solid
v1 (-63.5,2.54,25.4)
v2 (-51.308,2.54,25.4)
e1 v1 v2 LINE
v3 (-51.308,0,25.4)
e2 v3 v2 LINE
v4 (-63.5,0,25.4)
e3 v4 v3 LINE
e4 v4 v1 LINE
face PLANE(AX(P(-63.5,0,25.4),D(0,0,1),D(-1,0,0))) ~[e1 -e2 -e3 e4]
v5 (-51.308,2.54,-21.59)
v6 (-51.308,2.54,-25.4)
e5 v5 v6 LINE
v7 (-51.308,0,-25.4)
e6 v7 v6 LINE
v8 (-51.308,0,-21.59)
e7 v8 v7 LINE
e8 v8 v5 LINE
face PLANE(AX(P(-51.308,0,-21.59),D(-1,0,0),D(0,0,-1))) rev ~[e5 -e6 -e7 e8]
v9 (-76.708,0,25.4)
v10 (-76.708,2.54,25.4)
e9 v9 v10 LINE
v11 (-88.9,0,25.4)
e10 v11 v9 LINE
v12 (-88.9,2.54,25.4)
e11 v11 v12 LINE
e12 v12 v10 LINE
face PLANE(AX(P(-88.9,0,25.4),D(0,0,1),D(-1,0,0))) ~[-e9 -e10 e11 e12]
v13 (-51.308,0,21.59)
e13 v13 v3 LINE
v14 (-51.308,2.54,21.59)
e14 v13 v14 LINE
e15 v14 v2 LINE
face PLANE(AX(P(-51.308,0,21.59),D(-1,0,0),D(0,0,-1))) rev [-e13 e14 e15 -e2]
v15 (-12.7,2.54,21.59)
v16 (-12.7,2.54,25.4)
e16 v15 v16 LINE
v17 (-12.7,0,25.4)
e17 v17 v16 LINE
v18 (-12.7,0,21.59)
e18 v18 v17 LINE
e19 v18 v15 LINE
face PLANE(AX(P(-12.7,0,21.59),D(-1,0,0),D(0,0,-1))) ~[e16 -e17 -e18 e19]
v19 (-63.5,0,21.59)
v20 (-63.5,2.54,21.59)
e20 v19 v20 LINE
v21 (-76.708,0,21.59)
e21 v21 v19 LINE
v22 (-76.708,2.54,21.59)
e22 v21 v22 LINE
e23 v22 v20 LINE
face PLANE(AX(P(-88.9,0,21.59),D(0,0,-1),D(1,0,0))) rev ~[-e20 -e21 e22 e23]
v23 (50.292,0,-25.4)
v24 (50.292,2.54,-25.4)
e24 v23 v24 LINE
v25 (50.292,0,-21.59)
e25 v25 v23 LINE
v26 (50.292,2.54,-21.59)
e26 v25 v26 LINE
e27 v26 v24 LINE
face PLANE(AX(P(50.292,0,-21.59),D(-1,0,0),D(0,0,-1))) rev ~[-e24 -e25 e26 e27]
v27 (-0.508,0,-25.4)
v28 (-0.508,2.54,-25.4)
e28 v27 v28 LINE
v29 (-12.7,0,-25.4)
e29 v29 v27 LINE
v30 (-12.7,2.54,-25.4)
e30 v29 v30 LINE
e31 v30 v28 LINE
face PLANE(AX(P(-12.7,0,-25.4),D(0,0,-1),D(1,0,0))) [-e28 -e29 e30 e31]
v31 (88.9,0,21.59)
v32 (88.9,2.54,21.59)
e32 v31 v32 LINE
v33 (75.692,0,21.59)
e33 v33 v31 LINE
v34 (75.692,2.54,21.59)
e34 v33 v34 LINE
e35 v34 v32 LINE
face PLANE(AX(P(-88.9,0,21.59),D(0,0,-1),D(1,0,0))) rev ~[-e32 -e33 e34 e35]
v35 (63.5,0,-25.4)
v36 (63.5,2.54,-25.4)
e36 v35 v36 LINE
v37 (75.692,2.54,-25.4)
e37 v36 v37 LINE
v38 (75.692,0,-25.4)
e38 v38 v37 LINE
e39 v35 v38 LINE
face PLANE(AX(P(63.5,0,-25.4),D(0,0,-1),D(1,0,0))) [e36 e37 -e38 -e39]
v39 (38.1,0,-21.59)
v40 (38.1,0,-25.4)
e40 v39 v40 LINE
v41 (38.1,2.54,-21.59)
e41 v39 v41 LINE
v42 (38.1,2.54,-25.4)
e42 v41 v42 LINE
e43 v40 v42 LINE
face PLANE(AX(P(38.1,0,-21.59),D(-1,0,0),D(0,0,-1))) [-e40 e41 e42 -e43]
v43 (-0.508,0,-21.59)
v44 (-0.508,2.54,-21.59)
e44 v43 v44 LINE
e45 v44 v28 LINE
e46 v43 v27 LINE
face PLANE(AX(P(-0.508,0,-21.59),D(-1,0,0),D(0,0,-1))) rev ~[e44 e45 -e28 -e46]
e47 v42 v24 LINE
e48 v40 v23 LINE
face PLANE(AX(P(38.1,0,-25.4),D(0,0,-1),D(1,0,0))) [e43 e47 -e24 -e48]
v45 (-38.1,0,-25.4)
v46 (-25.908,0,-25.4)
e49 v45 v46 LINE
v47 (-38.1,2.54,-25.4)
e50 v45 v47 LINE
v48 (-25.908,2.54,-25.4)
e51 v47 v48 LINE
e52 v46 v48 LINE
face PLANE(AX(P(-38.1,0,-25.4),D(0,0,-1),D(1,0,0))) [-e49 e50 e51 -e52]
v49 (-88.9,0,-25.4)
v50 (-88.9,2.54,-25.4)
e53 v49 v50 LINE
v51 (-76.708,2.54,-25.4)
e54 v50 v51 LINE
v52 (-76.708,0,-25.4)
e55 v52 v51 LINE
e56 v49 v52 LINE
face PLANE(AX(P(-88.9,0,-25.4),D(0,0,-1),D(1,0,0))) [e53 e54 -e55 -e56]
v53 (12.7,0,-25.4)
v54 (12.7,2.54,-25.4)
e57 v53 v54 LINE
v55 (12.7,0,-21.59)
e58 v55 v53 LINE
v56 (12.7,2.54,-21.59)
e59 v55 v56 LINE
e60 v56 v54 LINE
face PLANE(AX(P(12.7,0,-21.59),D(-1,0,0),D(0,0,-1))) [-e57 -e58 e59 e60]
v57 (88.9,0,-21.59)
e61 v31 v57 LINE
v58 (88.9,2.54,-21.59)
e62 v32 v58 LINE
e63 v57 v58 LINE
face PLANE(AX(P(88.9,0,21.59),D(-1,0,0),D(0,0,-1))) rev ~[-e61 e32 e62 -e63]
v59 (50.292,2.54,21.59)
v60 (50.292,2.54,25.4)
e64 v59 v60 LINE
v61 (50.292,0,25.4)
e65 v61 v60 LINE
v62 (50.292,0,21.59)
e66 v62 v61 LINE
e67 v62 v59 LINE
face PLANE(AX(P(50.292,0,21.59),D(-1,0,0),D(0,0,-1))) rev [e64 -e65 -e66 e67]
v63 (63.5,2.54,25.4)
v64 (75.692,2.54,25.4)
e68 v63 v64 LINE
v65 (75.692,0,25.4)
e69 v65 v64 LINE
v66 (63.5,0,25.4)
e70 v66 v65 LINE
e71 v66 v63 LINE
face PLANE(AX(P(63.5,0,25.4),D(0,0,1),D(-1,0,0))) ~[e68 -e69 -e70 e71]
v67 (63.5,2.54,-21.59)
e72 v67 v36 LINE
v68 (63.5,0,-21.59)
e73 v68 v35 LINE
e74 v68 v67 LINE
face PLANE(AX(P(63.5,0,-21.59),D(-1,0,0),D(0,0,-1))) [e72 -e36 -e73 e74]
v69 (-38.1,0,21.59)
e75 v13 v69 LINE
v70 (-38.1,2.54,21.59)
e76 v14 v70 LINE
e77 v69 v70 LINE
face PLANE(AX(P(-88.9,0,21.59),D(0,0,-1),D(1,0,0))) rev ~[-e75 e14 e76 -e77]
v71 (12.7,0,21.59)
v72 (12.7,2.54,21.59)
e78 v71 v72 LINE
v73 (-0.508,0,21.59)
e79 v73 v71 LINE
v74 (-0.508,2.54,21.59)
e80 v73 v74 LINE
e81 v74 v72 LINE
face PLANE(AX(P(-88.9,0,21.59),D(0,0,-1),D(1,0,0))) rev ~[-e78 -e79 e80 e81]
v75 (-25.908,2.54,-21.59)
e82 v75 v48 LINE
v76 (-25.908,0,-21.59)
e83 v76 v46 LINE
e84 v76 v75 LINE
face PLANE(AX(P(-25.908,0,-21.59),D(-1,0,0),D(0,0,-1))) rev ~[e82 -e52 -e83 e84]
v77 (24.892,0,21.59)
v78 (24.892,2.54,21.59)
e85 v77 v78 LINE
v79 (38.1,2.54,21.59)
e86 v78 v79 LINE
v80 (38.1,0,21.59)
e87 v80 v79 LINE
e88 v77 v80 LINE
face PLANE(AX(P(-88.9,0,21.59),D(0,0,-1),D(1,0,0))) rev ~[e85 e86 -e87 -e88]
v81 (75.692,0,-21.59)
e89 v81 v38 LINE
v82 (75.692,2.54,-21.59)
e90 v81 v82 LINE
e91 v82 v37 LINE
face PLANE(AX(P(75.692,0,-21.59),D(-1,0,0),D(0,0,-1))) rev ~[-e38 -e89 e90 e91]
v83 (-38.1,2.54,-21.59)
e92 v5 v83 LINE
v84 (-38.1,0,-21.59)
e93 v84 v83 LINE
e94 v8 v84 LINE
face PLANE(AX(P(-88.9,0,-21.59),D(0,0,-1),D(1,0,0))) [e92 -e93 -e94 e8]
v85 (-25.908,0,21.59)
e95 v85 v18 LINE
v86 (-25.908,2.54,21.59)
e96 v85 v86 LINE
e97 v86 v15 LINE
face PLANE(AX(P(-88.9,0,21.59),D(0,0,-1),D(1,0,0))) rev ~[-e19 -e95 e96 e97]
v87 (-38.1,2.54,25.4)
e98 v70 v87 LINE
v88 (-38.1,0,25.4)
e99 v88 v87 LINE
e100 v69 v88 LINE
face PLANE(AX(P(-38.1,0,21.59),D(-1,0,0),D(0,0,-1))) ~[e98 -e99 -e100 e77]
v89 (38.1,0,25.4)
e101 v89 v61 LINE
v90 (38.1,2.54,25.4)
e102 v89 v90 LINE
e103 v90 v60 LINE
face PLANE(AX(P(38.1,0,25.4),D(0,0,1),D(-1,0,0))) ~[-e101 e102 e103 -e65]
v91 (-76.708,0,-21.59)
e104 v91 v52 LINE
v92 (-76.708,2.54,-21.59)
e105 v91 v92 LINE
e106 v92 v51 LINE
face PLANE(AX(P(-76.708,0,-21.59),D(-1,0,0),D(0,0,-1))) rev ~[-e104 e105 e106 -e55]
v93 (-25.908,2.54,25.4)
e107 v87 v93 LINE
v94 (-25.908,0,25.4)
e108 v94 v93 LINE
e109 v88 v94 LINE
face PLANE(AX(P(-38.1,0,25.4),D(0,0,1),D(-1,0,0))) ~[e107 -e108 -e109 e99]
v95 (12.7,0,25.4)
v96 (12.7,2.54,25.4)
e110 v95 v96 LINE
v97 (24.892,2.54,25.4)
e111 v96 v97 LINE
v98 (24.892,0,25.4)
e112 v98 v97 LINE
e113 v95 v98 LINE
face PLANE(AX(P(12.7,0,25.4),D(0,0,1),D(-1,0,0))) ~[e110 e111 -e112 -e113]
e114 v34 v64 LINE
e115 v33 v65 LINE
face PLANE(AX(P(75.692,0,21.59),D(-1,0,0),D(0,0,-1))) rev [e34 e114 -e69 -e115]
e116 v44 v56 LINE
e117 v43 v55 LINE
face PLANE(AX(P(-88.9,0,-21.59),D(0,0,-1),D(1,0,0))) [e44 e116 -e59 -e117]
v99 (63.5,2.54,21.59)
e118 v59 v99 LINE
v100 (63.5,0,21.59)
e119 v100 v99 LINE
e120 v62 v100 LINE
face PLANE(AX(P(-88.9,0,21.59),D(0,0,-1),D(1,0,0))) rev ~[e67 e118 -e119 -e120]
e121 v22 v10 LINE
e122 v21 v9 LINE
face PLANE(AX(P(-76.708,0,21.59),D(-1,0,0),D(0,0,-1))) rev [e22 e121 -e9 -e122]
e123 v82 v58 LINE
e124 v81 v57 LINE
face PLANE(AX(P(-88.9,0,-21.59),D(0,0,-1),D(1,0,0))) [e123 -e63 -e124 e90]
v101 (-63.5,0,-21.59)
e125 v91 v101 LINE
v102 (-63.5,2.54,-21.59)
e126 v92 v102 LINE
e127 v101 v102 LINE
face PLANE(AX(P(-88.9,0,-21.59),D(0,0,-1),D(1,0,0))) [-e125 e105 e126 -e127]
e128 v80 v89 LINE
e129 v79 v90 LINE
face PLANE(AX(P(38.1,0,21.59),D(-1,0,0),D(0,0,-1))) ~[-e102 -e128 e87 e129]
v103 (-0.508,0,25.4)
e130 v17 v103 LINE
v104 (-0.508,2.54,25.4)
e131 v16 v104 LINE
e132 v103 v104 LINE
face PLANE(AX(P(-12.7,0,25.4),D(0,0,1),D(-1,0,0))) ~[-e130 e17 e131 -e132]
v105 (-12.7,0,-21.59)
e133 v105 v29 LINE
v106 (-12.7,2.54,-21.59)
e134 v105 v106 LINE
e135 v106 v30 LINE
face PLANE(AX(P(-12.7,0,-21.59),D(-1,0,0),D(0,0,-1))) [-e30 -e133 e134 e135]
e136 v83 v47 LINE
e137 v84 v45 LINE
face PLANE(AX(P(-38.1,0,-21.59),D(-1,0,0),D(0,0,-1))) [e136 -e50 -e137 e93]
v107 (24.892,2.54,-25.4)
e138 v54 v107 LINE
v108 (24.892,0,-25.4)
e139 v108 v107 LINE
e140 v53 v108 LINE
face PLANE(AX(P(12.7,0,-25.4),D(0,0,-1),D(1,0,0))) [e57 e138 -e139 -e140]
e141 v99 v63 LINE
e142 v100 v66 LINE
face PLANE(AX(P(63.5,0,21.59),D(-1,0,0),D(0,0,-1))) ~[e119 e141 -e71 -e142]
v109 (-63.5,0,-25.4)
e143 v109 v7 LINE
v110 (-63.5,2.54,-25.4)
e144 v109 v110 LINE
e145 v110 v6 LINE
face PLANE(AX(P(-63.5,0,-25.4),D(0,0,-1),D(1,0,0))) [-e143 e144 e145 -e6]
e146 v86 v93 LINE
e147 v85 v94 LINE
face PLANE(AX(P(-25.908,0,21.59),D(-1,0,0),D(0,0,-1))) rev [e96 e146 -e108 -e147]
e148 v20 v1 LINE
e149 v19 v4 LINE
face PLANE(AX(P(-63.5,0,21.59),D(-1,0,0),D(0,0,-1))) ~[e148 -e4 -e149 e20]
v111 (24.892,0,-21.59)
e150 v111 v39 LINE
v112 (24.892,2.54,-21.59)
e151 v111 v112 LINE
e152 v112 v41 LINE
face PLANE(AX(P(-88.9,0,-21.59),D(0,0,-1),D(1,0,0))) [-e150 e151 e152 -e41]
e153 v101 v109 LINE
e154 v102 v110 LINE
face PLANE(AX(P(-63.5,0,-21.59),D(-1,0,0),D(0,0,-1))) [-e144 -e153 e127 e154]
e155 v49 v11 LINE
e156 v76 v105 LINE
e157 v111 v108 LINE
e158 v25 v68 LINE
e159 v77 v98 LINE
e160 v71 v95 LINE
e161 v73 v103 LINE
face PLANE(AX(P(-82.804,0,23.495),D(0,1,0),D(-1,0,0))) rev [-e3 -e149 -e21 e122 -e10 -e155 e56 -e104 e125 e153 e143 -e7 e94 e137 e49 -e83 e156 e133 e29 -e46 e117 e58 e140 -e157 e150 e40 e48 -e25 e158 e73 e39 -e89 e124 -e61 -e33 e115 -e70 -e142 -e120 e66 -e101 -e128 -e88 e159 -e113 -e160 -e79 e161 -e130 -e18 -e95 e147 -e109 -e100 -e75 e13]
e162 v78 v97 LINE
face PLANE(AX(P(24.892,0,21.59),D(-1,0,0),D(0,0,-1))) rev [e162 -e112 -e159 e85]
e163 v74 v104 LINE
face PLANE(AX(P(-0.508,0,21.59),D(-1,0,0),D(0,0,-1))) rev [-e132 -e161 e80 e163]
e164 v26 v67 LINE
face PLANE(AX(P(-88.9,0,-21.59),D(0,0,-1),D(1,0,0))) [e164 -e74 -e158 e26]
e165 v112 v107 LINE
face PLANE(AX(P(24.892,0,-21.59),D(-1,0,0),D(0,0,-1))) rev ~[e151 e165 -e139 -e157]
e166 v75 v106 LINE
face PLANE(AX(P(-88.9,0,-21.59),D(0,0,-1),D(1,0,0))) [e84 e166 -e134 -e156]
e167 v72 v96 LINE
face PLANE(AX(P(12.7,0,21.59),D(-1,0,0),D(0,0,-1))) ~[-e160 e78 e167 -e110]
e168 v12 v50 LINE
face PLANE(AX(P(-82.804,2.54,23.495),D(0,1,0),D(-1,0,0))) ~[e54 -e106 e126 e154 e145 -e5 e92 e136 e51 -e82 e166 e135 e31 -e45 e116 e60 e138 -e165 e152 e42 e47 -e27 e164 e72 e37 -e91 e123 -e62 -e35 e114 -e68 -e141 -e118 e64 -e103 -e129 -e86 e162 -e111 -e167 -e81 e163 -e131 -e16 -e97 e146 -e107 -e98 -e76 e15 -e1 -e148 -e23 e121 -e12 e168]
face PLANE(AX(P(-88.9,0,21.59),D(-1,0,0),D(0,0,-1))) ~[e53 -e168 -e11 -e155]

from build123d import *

# Parameters (mm, degrees)
SKETCH1_W           = 177.8
SKETCH1_H           = 43.18
BOSS_EXTRUDE1_DEPTH = 2.54
SKETCH2_W           = 12.192
SKETCH2_H           = 3.81
BOSS_EXTRUDE2_DEPTH = 2.54


with BuildPart() as part:
    # Sketch1 → Boss-Extrude1 (new body)
    with BuildSketch(Plane(origin=(0, 0, 0), x_dir=(1, 0, 0), z_dir=(0, 1, 0))):
        Rectangle(SKETCH1_W, SKETCH1_H)
    extrude(amount=BOSS_EXTRUDE1_DEPTH)

    # Sketch2 → Boss-Extrude2 (add)
    with BuildSketch(Plane(origin=(0, 0, 0), x_dir=(1, 0, 0), z_dir=(0, 1, 0))):
        with Locations((-57.404, 23.495)):
            Rectangle(SKETCH2_W, SKETCH2_H)
        with Locations((-82.804, 23.495)):
            Rectangle(SKETCH2_W, SKETCH2_H)
        with Locations((-32.004, 23.495)):
            Rectangle(SKETCH2_W, SKETCH2_H)
        with Locations((-6.604, 23.495)):
            Rectangle(SKETCH2_W, SKETCH2_H)
        with Locations((18.796, 23.495)):
            Rectangle(SKETCH2_W, SKETCH2_H)
        with Locations((44.196, 23.495)):
            Rectangle(SKETCH2_W, SKETCH2_H)
        with Locations((69.596, 23.495)):
            Rectangle(SKETCH2_W, SKETCH2_H)
    boss_extrude2 = extrude(amount=BOSS_EXTRUDE2_DEPTH)

    # Mirror1: Boss-Extrude2 across plane
    add(boss_extrude2.mirror(Plane.XY))


solid = part.part
